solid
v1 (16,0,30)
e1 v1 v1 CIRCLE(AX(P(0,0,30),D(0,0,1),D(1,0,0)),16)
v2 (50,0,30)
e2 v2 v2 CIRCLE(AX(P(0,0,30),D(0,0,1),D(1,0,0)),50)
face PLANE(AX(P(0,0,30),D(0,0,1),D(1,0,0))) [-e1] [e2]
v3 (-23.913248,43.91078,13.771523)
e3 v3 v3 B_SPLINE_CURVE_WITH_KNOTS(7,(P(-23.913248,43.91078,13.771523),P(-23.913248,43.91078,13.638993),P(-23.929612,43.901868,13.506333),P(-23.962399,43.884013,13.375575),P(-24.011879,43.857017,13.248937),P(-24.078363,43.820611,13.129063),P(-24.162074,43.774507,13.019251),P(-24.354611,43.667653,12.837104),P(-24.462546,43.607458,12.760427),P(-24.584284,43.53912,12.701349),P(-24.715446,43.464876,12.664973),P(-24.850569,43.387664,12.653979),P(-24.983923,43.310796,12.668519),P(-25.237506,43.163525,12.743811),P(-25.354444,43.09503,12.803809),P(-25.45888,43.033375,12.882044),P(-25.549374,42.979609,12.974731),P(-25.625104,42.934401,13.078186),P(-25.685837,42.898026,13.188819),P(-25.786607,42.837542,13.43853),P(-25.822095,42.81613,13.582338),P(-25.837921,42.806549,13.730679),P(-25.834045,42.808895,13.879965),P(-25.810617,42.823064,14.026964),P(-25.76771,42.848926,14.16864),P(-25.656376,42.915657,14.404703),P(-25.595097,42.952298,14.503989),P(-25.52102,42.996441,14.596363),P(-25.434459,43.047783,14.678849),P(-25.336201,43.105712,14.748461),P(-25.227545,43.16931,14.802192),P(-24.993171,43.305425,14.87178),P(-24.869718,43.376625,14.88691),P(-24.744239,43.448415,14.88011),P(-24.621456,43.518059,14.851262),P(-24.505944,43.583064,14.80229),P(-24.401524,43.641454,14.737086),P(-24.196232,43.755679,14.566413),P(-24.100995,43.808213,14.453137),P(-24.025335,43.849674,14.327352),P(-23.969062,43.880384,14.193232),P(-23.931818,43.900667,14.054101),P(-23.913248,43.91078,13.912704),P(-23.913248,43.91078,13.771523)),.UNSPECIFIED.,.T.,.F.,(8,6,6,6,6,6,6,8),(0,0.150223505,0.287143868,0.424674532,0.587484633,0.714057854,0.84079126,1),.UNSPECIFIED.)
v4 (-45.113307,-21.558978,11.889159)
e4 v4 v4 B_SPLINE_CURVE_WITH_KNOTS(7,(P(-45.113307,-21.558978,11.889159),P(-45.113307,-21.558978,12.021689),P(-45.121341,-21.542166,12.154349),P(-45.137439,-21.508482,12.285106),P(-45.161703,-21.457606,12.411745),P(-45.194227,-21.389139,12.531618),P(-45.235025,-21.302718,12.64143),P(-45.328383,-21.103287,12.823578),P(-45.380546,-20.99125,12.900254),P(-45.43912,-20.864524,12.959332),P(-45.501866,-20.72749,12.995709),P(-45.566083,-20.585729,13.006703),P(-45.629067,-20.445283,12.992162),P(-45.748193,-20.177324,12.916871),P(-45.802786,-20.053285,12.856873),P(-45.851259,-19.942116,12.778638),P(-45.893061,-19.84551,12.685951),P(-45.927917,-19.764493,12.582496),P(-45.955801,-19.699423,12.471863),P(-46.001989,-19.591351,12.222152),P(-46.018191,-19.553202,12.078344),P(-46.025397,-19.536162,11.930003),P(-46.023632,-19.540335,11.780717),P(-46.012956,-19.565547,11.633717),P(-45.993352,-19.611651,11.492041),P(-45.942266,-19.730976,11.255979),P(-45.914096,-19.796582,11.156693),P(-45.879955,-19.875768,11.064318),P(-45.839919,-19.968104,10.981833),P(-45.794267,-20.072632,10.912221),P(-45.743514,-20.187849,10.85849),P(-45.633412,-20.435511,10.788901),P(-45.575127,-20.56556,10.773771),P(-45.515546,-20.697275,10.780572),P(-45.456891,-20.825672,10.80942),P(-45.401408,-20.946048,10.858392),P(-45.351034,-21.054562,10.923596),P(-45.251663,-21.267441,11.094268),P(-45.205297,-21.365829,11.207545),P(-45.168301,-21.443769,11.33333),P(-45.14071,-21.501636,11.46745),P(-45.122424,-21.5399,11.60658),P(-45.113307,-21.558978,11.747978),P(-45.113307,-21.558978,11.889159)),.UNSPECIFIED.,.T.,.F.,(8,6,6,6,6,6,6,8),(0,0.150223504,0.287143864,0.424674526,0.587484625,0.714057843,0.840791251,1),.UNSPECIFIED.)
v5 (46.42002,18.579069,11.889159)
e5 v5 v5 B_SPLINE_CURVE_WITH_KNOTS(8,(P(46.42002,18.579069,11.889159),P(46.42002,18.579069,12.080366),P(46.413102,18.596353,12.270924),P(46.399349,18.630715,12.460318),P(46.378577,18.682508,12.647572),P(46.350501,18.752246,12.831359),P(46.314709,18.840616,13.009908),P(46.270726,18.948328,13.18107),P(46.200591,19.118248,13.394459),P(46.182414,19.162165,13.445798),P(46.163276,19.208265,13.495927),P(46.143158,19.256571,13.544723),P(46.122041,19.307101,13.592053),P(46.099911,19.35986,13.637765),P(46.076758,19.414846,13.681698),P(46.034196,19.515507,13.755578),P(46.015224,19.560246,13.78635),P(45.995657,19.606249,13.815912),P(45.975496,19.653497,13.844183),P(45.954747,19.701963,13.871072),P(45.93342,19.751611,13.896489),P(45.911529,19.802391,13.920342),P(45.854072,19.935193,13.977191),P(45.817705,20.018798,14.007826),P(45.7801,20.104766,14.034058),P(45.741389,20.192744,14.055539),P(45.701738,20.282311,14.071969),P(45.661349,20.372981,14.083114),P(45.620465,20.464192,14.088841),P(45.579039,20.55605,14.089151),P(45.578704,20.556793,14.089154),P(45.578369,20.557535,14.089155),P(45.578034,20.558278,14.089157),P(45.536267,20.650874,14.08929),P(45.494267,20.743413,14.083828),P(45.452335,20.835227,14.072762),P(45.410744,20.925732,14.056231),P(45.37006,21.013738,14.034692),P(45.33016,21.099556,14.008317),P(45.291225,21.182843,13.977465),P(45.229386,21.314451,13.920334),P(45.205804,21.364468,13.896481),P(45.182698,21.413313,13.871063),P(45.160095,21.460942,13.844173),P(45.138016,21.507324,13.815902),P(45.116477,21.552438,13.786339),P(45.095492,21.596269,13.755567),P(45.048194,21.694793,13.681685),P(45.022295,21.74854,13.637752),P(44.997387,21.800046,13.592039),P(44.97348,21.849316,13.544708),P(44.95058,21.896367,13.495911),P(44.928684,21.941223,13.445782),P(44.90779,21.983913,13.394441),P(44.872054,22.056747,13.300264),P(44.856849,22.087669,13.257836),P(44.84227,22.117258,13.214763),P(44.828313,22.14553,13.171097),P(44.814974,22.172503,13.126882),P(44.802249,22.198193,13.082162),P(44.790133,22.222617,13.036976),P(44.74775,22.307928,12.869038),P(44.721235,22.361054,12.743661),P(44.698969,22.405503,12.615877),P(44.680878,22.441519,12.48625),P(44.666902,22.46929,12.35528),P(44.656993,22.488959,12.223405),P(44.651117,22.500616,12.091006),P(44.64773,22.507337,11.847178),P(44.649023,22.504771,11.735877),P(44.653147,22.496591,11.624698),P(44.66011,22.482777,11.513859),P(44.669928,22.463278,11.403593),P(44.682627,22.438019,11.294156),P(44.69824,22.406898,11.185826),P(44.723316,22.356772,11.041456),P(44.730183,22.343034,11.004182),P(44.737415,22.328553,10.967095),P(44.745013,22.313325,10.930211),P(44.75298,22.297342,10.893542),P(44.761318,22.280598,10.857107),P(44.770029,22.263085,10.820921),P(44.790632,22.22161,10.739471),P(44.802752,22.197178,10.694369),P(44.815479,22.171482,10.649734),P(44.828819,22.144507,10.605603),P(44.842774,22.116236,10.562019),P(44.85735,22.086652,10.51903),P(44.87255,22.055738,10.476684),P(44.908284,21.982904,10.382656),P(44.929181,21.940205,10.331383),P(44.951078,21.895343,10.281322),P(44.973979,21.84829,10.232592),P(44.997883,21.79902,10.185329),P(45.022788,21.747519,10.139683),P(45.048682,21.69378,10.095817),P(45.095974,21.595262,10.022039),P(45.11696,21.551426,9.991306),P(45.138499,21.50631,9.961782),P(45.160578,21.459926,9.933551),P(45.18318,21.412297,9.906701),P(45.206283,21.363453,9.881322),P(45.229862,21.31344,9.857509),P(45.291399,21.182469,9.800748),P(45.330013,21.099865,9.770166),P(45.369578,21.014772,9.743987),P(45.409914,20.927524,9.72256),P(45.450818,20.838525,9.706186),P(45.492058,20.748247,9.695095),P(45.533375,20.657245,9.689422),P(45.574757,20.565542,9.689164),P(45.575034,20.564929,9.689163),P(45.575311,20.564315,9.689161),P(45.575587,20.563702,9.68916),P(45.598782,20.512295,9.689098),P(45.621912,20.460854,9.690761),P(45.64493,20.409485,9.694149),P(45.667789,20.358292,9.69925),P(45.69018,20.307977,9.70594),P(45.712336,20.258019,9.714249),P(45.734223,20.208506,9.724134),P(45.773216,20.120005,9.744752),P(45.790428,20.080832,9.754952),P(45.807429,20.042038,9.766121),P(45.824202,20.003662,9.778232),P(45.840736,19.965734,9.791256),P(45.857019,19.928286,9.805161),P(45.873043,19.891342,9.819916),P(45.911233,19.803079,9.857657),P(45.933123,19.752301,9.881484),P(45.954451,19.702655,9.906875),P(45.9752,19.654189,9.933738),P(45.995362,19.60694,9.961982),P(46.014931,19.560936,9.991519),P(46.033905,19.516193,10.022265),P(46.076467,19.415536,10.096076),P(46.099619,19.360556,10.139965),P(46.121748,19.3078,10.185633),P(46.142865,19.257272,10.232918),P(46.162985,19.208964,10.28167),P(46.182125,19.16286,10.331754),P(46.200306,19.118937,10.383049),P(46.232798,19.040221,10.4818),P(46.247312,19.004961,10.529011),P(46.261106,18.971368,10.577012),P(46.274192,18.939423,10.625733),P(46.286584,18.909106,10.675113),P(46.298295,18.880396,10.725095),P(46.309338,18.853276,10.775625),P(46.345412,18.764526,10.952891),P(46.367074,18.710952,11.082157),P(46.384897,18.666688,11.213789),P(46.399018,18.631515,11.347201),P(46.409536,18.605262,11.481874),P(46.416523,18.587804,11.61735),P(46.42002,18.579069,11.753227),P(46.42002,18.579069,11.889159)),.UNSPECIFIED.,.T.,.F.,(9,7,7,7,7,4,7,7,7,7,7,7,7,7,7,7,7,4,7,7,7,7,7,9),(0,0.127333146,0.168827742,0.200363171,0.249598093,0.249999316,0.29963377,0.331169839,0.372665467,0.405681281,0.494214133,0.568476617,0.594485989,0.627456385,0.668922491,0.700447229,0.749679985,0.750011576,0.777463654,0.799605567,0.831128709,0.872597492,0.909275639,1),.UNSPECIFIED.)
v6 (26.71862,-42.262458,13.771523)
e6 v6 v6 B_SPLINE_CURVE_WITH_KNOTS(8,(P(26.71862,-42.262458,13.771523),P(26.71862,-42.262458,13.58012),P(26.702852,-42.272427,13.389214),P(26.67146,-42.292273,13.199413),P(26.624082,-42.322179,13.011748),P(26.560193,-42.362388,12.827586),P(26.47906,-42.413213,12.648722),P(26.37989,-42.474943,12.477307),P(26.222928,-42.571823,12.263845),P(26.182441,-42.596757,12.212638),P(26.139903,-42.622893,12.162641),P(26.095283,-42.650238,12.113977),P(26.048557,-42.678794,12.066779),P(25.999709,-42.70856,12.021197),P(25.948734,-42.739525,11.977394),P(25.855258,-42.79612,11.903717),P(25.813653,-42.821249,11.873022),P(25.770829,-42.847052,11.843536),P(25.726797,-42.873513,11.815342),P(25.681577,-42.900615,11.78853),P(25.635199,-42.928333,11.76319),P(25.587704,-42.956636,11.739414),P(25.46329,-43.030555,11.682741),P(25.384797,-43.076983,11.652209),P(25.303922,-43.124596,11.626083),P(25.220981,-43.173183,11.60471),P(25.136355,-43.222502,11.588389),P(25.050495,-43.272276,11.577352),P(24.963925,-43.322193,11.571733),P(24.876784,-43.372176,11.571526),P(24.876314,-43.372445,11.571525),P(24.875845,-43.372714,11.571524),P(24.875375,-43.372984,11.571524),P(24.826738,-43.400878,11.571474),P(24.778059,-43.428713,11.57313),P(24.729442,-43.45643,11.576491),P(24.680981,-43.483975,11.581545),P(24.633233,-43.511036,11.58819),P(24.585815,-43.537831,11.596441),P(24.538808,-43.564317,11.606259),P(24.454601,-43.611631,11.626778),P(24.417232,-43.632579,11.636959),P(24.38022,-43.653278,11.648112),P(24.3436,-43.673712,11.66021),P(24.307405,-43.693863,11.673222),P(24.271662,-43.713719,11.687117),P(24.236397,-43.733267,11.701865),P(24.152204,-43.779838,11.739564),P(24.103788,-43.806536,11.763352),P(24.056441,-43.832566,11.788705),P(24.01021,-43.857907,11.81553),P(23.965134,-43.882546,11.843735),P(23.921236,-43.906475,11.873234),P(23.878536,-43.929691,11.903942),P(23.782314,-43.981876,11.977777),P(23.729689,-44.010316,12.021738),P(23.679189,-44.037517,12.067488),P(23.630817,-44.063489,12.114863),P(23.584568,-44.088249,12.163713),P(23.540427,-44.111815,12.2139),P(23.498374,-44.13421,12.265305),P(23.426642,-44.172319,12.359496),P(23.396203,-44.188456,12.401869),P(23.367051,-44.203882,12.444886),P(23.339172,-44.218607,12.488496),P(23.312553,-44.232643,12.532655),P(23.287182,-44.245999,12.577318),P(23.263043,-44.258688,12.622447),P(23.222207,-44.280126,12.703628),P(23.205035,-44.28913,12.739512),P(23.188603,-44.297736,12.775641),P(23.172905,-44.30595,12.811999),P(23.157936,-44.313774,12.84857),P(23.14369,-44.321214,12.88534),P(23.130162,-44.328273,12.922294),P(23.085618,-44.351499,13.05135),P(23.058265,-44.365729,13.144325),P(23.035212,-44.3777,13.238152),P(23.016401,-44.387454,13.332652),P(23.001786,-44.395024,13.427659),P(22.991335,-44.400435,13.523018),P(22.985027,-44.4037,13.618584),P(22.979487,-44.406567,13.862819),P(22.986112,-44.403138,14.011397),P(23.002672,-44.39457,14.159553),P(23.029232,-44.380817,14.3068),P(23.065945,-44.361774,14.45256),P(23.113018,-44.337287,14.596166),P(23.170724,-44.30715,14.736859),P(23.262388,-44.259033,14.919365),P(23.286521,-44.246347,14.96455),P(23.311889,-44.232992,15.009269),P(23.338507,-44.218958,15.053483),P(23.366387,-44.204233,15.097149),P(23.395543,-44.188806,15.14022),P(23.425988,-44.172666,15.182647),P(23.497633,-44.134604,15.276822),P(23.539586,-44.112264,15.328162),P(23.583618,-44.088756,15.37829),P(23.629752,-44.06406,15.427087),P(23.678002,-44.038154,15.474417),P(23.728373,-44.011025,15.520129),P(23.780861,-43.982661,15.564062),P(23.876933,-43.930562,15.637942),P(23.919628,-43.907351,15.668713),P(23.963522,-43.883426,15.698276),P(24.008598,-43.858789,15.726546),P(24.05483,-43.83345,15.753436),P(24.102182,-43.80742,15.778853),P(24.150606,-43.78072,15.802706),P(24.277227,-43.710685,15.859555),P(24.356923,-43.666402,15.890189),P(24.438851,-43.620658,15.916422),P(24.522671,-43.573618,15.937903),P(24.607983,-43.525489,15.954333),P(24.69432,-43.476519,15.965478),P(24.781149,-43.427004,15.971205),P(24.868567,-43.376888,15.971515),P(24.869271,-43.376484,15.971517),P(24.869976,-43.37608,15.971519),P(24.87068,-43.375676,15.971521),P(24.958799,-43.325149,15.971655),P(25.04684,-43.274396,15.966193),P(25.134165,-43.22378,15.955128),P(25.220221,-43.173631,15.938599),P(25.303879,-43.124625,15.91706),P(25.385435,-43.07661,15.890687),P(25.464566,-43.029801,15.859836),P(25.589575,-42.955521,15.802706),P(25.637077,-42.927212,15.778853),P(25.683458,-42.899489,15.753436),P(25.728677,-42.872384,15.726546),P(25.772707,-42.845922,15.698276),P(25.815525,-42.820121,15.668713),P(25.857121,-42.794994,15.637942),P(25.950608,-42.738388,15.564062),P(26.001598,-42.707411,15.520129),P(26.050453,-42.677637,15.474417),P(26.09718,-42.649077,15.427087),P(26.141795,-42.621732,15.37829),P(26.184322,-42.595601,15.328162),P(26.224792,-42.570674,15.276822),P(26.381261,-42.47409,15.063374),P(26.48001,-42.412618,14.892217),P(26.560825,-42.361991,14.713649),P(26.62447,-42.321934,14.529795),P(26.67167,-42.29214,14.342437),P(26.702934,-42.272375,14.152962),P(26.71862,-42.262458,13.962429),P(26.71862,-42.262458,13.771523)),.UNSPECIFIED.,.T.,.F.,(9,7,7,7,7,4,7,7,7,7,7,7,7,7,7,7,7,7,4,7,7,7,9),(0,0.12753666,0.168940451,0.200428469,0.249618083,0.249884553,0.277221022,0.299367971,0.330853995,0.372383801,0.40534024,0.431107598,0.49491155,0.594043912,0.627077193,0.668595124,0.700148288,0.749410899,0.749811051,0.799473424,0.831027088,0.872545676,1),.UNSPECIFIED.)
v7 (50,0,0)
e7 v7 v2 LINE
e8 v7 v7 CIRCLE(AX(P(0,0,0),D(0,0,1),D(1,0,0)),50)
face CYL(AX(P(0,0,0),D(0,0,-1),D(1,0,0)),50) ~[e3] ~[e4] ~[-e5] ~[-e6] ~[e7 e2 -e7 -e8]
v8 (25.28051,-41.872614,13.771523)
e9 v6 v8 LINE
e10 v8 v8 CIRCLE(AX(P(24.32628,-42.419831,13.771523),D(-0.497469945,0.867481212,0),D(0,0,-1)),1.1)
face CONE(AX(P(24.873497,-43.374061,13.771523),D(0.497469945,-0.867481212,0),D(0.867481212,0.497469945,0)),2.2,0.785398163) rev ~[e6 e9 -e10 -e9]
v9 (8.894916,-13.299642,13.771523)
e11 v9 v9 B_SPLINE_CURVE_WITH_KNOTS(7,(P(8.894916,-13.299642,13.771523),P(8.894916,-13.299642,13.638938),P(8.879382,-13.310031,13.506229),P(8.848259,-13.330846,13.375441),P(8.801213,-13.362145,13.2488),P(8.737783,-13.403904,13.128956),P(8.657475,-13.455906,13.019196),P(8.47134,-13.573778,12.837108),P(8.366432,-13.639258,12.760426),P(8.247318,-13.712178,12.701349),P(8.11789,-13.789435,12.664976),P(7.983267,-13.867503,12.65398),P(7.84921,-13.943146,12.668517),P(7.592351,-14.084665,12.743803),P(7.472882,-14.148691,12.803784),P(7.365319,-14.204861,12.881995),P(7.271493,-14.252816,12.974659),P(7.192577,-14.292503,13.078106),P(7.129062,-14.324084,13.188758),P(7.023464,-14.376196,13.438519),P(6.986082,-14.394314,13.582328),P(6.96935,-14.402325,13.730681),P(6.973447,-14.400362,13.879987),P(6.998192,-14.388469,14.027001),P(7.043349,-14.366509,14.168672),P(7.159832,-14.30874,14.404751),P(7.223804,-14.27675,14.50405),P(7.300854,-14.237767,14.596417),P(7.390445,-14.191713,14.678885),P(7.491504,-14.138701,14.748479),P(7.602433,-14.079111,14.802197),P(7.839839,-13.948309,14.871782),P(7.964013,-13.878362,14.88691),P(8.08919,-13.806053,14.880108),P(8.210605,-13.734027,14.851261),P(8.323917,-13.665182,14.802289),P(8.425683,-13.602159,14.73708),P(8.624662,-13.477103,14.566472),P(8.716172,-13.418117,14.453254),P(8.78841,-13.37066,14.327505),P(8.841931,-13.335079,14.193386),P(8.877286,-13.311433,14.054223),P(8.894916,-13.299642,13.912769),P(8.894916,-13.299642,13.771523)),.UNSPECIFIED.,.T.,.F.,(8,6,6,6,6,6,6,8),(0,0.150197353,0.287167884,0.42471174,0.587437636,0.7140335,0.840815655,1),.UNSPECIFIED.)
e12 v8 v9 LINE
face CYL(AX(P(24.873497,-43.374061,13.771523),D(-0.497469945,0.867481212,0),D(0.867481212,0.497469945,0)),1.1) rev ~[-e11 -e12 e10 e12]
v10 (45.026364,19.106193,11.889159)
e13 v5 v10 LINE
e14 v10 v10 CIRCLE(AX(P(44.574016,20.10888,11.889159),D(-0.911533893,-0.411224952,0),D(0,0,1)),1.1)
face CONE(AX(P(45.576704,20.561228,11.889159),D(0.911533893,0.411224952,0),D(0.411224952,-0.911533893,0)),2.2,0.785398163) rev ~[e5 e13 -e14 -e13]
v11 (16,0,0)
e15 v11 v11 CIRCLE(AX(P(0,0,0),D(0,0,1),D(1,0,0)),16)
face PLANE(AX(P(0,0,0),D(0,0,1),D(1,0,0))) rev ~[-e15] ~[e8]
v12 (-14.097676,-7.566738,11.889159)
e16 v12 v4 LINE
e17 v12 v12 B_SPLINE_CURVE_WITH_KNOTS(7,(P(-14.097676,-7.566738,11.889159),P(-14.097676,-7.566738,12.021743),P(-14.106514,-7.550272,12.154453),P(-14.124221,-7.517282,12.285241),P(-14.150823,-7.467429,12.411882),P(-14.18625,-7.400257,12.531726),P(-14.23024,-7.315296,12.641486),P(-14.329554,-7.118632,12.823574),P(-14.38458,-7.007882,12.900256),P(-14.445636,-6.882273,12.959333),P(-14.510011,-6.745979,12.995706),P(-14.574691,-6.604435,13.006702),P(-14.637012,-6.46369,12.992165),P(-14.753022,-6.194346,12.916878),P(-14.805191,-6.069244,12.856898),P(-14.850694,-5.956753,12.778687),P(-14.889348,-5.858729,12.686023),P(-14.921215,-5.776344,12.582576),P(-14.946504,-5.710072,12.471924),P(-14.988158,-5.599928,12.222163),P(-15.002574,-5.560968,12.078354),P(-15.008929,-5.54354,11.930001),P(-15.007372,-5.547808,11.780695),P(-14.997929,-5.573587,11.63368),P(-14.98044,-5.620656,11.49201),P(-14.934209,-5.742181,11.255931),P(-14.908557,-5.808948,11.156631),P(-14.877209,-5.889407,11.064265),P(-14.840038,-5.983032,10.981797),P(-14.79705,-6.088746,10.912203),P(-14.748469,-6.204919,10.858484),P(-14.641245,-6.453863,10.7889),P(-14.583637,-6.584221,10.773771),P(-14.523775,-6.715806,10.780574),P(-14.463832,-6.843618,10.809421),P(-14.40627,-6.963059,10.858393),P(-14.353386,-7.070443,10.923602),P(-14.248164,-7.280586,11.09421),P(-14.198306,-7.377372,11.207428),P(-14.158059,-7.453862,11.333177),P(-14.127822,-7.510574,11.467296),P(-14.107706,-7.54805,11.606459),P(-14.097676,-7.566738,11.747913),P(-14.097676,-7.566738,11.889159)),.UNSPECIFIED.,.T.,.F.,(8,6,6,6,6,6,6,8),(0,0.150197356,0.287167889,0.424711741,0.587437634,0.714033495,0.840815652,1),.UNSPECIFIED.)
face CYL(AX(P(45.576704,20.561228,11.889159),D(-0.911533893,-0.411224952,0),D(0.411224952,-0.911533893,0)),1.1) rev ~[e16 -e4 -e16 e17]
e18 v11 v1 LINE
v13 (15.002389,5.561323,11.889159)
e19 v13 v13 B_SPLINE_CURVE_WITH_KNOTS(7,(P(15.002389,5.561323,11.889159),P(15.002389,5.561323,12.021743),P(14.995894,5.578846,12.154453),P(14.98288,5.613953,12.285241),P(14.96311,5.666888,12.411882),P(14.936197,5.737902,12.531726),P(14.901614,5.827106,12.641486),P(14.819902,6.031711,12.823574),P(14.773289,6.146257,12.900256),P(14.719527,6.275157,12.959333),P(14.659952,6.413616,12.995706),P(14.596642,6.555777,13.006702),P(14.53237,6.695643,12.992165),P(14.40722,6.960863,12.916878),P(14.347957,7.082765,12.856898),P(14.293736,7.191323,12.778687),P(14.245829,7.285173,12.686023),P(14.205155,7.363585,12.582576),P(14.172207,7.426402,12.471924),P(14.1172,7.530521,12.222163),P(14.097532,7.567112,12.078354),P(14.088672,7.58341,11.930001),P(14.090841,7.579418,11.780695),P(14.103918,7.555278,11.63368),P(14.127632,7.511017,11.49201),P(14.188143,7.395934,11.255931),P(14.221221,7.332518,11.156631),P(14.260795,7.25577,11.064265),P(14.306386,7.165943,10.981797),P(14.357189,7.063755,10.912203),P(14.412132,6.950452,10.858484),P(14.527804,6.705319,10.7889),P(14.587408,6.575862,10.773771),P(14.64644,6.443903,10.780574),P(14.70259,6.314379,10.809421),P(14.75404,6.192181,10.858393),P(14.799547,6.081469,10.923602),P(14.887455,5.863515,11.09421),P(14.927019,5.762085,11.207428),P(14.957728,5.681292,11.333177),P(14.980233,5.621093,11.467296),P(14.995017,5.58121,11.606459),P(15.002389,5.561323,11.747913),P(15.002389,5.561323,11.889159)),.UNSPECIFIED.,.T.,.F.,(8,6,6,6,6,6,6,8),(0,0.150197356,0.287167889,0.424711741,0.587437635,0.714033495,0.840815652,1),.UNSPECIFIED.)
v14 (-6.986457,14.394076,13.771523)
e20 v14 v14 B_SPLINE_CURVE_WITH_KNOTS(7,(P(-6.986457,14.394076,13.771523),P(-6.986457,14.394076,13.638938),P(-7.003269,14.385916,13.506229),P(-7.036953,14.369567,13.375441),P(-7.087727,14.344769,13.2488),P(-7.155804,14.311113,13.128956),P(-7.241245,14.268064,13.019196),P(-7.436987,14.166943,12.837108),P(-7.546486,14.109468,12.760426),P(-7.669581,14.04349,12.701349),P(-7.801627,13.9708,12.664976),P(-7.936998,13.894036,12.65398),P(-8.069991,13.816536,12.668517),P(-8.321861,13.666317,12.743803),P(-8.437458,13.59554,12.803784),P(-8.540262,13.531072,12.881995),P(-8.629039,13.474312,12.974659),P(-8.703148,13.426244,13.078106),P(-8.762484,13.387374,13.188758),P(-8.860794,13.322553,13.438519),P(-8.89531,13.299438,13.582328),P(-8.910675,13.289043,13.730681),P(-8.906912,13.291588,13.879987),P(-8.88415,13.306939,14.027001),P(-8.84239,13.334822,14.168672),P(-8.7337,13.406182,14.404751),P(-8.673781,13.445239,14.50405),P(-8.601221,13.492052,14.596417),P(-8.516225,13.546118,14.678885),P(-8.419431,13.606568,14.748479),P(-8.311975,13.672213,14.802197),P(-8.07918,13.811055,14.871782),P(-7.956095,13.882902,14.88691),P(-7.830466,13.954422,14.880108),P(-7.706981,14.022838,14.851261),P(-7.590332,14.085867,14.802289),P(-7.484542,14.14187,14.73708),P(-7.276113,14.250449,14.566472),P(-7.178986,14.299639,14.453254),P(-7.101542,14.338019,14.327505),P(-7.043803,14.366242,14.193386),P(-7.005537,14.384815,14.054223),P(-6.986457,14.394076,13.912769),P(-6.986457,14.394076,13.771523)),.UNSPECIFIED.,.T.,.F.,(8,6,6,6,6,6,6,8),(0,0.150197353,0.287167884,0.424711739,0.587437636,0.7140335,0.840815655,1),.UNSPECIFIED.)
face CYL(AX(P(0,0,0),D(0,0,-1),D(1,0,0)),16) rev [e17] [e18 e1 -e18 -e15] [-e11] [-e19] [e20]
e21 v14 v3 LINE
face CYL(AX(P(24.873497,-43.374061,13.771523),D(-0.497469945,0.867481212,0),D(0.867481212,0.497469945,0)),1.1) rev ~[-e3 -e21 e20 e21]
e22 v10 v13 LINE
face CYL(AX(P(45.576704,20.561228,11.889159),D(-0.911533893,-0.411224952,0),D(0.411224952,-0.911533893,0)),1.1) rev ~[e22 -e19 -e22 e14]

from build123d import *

# Parameters (mm, degrees)
SKETCH2_R                                           = 50
SKETCH2_R_2                                         = 16
BOSS_EXTRUDE1_DEPTH                                 = 30
CSK_FOR_M2_COUNTERSUNK_FLAT_HEAD_SCREW1_D           = 2.2
CSK_FOR_M2_COUNTERSUNK_FLAT_HEAD_SCREW1_CSINK_D     = 4.4
CSK_FOR_M2_COUNTERSUNK_FLAT_HEAD_SCREW1_CSINK_ANGLE = 90
CSK_FOR_M2_COUNTERSUNK_FLAT_HEAD_SCR_2_D            = 2.2
CSK_FOR_M2_COUNTERSUNK_FLAT_HEAD_SCR_2_CSINK_D      = 4.4
CSK_FOR_M2_COUNTERSUNK_FLAT_HEAD_SCR_2_CSINK_ANGLE  = 90


with BuildPart() as part:
    # Sketch2 → Boss-Extrude1 (new body)
    with BuildSketch(Plane.XY):
        Circle(SKETCH2_R)
        Circle(SKETCH2_R_2, mode=Mode.SUBTRACT)
    extrude(amount=BOSS_EXTRUDE1_DEPTH)

    # CSK for M2 Countersunk Flat Head Screw1 (through all)
    with Locations(Plane(origin=(24.873497254, -43.374060617, 13.771522771), x_dir=(-0.86748121233, -0.497469945076, 0), z_dir=(0.497469945076, -0.86748121233, 0))):
        with Locations((0, 0)):
            CounterSinkHole(CSK_FOR_M2_COUNTERSUNK_FLAT_HEAD_SCREW1_D / 2, CSK_FOR_M2_COUNTERSUNK_FLAT_HEAD_SCREW1_CSINK_D / 2, counter_sink_angle=CSK_FOR_M2_COUNTERSUNK_FLAT_HEAD_SCREW1_CSINK_ANGLE)

    # CSK for M2 Countersunk Flat Head Scr 2 (through all)
    with Locations(Plane(origin=(45.576703695, 20.561227598, 11.889158969), x_dir=(-0.411224951932, 0.91153389345, 0), z_dir=(0.91153389345, 0.411224951932, 0))):
        with Locations((0, 0)):
            CounterSinkHole(CSK_FOR_M2_COUNTERSUNK_FLAT_HEAD_SCR_2_D / 2, CSK_FOR_M2_COUNTERSUNK_FLAT_HEAD_SCR_2_CSINK_D / 2, counter_sink_angle=CSK_FOR_M2_COUNTERSUNK_FLAT_HEAD_SCR_2_CSINK_ANGLE)


solid = part.part
